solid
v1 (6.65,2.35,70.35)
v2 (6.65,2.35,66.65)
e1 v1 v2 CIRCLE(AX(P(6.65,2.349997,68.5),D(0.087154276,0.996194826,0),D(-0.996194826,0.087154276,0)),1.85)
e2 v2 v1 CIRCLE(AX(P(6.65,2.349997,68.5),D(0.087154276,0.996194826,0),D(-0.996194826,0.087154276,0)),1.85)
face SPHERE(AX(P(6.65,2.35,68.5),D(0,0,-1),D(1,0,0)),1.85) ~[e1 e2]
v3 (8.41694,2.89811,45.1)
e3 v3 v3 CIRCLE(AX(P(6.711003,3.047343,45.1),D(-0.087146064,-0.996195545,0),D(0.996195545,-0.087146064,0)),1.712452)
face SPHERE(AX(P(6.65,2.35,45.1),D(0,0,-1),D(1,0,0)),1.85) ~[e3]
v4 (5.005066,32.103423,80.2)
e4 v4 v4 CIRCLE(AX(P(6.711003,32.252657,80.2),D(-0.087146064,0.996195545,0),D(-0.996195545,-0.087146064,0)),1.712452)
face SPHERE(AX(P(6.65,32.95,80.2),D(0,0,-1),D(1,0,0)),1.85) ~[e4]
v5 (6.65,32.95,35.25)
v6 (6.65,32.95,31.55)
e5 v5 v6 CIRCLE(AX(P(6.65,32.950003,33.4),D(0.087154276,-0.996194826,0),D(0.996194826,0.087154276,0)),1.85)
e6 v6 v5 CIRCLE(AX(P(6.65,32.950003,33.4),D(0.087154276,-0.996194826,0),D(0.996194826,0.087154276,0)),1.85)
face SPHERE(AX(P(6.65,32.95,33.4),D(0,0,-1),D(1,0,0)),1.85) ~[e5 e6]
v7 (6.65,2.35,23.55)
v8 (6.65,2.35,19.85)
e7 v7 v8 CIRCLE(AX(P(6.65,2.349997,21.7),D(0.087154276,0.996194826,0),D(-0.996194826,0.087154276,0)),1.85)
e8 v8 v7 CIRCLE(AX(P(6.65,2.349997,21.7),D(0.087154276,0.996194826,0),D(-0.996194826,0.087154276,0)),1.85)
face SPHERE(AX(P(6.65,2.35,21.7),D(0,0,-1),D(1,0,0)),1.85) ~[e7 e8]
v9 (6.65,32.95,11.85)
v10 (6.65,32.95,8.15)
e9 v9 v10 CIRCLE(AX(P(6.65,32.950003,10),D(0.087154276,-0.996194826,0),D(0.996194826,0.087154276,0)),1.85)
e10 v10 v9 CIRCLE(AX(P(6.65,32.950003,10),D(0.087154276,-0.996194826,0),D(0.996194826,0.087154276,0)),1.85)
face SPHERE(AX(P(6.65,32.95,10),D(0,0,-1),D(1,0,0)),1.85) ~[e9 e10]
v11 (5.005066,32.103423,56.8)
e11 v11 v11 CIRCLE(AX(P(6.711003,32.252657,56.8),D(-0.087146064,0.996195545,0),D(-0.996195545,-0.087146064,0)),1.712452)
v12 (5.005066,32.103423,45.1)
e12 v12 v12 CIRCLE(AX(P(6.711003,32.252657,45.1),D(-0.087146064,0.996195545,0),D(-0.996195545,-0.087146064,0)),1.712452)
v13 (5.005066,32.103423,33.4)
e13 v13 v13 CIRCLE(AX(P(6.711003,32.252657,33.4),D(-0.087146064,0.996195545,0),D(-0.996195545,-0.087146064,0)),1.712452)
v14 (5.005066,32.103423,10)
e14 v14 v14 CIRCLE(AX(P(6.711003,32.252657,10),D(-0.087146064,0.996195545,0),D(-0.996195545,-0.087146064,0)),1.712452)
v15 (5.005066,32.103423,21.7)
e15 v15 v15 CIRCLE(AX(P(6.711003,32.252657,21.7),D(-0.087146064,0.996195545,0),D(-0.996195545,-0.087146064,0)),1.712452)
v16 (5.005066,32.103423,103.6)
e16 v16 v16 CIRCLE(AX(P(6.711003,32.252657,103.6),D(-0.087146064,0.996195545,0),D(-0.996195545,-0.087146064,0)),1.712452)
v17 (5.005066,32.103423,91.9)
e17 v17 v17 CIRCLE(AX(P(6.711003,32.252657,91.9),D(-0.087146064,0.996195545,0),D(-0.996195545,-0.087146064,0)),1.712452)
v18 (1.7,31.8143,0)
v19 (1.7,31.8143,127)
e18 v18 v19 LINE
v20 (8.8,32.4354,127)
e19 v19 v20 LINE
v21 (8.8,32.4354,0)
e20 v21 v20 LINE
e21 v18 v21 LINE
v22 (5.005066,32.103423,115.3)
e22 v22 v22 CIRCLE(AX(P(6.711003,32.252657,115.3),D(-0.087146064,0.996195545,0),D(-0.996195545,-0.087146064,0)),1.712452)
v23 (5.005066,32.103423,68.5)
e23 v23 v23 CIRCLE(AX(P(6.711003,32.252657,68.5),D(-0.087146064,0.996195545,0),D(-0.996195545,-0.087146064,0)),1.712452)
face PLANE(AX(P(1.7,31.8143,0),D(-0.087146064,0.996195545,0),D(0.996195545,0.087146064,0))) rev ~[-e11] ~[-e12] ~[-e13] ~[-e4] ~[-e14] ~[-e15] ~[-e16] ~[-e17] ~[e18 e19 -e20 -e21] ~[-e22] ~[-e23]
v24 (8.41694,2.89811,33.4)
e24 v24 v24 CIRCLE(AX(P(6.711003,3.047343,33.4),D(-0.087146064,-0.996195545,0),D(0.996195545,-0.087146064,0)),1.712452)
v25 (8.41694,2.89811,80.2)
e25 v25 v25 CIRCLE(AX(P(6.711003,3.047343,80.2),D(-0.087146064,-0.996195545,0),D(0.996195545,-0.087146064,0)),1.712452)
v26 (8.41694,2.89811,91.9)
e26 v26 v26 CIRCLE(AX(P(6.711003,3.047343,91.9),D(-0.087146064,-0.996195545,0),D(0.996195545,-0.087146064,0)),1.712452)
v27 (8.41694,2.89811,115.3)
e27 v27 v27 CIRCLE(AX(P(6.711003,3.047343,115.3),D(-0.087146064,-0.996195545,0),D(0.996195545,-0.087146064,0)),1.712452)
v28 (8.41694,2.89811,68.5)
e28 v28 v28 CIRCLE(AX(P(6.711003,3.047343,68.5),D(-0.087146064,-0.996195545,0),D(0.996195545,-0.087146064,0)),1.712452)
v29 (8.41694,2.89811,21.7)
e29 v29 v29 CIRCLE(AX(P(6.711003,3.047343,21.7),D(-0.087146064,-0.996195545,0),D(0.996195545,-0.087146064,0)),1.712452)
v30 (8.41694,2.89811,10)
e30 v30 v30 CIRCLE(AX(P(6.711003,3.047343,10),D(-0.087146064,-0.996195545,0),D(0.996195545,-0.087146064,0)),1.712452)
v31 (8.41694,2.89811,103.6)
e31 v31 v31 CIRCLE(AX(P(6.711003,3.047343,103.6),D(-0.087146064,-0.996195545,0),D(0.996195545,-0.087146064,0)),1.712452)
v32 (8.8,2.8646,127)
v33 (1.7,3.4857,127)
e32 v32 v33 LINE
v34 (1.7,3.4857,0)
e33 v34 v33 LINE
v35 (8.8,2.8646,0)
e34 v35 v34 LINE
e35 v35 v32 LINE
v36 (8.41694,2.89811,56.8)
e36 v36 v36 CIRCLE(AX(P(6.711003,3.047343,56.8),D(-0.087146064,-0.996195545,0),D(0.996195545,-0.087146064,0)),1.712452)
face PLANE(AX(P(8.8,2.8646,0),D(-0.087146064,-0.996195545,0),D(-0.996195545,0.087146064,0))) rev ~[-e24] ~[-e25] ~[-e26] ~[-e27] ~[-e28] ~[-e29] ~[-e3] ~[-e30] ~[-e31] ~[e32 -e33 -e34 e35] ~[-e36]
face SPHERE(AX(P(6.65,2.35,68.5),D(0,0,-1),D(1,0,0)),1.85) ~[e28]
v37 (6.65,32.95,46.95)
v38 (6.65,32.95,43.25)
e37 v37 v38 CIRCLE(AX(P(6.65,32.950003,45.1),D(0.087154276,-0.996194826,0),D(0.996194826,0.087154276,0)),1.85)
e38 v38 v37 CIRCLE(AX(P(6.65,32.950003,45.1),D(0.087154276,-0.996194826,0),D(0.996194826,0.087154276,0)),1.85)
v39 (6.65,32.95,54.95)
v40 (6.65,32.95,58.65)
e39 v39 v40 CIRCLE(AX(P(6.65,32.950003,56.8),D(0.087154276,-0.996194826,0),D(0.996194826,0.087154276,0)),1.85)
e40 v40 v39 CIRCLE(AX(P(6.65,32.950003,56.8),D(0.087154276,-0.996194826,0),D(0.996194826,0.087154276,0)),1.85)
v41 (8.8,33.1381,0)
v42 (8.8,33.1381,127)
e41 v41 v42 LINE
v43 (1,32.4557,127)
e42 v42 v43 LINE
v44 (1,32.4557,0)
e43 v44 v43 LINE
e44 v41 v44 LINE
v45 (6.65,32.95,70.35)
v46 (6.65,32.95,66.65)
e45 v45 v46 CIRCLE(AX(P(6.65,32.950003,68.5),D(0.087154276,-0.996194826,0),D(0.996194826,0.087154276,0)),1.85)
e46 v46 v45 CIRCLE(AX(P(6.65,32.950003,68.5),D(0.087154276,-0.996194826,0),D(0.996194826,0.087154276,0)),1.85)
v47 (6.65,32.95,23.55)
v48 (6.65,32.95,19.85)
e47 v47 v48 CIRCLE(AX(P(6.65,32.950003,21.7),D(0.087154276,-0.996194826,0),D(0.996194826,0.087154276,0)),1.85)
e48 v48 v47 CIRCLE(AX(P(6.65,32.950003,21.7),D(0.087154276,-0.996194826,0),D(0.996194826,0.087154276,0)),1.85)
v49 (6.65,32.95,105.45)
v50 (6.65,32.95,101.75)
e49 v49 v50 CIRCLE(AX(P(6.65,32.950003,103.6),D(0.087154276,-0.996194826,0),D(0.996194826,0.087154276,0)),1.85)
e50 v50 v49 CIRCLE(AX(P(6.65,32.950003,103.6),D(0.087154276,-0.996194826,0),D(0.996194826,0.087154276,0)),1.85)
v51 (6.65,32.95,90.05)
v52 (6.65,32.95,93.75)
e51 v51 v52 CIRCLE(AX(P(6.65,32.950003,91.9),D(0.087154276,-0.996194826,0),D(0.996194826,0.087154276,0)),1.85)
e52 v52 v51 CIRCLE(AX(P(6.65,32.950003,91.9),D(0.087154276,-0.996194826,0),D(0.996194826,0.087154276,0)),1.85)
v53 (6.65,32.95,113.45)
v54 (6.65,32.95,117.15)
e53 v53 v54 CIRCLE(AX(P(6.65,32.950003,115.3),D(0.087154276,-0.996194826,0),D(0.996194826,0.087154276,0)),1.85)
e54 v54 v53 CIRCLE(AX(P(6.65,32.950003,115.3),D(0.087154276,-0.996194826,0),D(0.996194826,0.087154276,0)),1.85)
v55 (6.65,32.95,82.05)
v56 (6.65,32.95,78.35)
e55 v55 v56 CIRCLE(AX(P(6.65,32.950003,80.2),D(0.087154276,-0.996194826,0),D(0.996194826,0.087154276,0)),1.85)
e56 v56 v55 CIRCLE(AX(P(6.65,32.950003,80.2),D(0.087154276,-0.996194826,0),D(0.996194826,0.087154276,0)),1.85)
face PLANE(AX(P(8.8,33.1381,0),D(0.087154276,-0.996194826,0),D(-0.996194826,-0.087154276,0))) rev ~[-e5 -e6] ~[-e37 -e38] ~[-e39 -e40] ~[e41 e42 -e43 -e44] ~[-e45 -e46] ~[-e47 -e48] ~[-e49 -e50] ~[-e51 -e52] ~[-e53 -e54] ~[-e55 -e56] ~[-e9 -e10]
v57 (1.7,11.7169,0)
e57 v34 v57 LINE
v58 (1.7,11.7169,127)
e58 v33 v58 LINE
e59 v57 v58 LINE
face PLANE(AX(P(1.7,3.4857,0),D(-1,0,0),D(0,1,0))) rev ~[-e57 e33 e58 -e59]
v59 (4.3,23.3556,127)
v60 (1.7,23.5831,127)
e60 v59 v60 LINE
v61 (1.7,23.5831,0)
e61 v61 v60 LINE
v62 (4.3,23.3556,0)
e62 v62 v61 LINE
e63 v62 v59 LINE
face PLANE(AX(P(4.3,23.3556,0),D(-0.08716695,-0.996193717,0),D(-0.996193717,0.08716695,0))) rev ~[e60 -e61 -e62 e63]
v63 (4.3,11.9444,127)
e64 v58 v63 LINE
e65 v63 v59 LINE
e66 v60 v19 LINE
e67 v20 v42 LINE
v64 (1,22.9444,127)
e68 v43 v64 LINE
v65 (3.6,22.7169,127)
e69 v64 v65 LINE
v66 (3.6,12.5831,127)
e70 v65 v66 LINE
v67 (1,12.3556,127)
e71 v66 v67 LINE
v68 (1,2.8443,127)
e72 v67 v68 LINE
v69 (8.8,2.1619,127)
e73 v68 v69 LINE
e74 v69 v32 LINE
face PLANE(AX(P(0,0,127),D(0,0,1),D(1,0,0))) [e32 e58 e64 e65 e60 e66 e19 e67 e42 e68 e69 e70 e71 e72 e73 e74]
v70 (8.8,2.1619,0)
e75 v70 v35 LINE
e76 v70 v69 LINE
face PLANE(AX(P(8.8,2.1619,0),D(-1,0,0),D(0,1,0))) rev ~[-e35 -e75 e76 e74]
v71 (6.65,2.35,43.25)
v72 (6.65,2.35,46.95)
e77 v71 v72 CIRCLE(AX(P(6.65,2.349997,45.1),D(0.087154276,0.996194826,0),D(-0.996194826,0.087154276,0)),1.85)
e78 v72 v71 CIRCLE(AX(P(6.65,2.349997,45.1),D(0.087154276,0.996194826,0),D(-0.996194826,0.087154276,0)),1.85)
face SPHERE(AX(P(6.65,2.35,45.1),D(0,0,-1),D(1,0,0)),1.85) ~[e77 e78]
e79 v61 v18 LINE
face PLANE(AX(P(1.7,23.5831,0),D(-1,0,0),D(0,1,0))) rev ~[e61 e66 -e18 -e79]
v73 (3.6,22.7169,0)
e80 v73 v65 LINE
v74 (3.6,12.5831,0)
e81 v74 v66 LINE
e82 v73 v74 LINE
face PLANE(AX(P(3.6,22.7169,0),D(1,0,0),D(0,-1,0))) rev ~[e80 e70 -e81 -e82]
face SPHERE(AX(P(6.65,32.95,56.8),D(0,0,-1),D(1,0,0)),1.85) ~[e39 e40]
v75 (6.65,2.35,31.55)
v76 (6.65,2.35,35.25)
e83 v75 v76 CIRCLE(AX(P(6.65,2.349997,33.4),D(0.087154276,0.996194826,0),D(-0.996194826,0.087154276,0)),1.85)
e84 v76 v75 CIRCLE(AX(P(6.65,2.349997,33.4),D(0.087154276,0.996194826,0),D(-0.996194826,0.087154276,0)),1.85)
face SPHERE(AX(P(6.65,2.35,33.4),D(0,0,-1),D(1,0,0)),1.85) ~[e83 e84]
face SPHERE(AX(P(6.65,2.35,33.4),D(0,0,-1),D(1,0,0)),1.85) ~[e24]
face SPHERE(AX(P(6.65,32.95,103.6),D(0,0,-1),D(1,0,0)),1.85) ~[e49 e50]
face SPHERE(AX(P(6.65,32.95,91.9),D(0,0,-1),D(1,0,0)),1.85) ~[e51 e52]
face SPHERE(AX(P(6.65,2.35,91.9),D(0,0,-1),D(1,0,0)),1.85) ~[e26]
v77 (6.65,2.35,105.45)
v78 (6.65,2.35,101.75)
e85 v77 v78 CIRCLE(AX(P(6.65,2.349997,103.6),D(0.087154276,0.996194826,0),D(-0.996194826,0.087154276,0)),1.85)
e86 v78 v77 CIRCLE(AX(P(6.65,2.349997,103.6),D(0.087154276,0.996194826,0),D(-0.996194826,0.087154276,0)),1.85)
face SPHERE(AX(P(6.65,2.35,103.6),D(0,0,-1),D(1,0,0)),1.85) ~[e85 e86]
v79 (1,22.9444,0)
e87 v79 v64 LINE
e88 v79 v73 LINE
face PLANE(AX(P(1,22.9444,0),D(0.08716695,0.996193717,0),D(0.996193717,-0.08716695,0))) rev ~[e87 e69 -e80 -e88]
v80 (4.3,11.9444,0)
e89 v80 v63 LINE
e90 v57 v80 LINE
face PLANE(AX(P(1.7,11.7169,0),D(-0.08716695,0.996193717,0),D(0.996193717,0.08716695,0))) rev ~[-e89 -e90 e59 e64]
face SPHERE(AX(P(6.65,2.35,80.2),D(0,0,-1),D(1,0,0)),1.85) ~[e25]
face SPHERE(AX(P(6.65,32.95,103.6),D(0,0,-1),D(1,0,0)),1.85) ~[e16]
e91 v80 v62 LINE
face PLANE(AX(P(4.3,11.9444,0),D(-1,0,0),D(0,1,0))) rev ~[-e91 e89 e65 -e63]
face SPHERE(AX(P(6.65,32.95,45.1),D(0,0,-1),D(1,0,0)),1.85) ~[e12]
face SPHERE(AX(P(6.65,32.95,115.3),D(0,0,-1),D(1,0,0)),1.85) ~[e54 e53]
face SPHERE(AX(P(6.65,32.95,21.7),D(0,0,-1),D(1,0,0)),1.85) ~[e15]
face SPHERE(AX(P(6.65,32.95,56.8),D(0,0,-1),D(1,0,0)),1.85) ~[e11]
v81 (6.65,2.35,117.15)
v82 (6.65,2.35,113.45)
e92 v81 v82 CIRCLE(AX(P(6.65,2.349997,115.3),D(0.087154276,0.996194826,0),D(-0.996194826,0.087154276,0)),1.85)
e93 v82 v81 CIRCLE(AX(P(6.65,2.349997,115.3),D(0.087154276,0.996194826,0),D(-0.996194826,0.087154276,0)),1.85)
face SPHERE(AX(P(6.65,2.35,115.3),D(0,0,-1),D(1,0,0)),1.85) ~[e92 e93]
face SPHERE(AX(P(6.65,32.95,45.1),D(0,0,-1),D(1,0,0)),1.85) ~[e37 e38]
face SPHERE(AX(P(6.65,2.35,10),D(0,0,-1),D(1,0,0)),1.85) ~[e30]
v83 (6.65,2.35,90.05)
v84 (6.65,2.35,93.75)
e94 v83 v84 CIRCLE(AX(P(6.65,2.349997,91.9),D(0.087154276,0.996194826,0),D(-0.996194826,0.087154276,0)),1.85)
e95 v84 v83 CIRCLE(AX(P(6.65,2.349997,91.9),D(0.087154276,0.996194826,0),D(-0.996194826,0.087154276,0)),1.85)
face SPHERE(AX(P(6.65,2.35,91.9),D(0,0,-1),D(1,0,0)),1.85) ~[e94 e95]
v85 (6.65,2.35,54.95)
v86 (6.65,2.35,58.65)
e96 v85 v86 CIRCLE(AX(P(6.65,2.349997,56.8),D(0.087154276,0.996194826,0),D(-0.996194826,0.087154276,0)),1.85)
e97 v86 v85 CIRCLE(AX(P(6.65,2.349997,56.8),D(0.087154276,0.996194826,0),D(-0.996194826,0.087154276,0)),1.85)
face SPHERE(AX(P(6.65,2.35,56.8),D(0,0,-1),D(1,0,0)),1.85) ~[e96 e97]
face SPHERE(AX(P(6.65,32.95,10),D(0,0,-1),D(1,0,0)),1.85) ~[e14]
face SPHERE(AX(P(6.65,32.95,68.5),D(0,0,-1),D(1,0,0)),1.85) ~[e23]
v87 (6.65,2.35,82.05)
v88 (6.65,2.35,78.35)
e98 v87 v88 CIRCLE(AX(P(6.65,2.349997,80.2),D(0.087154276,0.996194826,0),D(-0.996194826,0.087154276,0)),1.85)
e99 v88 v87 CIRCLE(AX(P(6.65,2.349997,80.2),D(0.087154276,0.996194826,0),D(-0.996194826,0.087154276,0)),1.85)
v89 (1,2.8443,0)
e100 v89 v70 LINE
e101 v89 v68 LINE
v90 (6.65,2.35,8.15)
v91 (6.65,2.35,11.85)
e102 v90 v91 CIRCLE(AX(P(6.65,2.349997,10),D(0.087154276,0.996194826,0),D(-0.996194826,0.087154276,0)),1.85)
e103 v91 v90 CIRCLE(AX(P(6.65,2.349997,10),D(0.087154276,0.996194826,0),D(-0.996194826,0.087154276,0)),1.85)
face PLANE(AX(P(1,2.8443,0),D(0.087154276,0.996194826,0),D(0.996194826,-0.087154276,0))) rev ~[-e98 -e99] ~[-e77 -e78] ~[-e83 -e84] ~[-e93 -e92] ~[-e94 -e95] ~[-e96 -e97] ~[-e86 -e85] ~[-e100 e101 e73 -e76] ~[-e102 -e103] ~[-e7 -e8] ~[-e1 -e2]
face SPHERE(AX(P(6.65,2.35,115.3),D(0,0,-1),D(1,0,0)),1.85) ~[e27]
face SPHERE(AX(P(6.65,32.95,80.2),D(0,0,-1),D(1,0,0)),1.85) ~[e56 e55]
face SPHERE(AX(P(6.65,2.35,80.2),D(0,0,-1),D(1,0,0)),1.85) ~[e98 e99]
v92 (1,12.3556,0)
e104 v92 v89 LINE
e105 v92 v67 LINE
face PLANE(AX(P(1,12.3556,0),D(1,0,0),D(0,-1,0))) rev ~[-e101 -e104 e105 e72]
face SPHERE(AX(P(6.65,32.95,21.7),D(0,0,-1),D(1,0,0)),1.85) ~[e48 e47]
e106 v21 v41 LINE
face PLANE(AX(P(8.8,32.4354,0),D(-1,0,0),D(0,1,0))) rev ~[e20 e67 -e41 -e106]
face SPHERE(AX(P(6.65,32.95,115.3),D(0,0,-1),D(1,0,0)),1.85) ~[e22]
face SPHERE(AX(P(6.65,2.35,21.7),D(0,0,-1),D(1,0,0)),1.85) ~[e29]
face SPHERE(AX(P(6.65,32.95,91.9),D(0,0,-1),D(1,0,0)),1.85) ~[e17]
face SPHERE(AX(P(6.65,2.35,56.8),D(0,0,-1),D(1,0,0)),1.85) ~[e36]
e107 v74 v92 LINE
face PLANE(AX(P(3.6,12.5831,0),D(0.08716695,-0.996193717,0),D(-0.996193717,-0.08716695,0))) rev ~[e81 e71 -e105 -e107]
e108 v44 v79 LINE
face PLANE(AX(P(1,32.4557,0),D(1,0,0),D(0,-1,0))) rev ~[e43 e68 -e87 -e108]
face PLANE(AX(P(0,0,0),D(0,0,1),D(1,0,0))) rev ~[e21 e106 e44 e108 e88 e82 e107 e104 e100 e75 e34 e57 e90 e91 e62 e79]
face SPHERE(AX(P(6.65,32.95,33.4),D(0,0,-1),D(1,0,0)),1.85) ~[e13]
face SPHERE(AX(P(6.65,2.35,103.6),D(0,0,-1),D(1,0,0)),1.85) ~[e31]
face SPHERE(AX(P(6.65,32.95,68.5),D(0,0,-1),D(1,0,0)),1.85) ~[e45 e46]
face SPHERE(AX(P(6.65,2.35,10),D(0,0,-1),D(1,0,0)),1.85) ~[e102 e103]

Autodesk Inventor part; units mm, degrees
sketch "Sketch_1" plane through (0, 0, 0) normal (0, 0, 1) x (1, 0, 0)
  line L0 (1, 2.8443) -> (8.8, 2.1619)
  line L1 (8.8, 2.1619) -> (8.8, 2.8646)
  line L2 (8.8, 2.8646) -> (1.7, 3.4857)
  line L3 (1.7, 3.4857) -> (1.7, 11.7169)
  line L4 (1.7, 11.7169) -> (4.3, 11.9444)
  line L5 (4.3, 11.9444) -> (4.3, 23.3556)
  line L6 (4.3, 23.3556) -> (1.7, 23.5831)
  line L7 (1.7, 23.5831) -> (1.7, 31.8143)
  line L8 (1.7, 31.8143) -> (8.8, 32.4354)
  line L9 (8.8, 32.4354) -> (8.8, 33.1381)
  line L10 (8.8, 33.1381) -> (1, 32.4557)
  line L11 (1, 32.4557) -> (1, 22.9444)
  line L12 (1, 22.9444) -> (3.6, 22.7169)
  line L13 (3.6, 22.7169) -> (3.6, 12.5831)
  line L14 (3.6, 12.5831) -> (1, 12.3556)
  line L15 (1, 12.3556) -> (1, 2.8443)
extrude "Extrusion1" add sketch "Sketch_1" along normal blind 127
sketch "Sketch_2" plane through (0, 2.35, 0) normal (0, 1, 0) x (1, 0, 0)
  line L0 (6.65, -11.85) -> (6.65, -8.15)
  arc A0 (6.65, -11.85) -> (6.65, -8.15) centre (6.65, -10) ccw
  line L1 (6.65, -11.85) -> (6.65, -8.15)
revolve "Revolution1" add sketch "Sketch_2" angle 360 about axis through (6.65, 2.35, 11.85) along (0, 0, 1)
pattern_linear "Rectangular Pattern1" count 10 spacing 11.7 along (0, 0, 1) of "Revolution1"
sketch "Sketch_4" plane through (0, 32.95, 0) normal (0, 1, 0) x (1, 0, 0)
  line L0 (6.65, -11.85) -> (6.65, -8.15)
  arc A0 (6.65, -11.85) -> (6.65, -8.15) centre (6.65, -10) ccw
  line L1 (6.65, -11.85) -> (6.65, -8.15)
revolve "Revolution2" add sketch "Sketch_4" angle 360 about axis through (6.65, 32.95, 11.85) along (0, 0, 1)
pattern_linear "Rectangular Pattern2" count 10 spacing 11.7 along (0, 0, 1) of "Revolution2"
ref_plane "to_rail_XY" through (9.5, 17.65, 63.5) normal (0, 0, 1) x (1, 0, 0)
ref_plane "to_rail_YZ" through (9.5, 17.65, 63.5) normal (1, 0, 0) x (0, 1, 0)
ref_plane "to_rail_ZX" through (9.5, 17.65, 63.5) normal (0, 1, 0) x (0, 0, 1)
properties part number "slider_SSRN3618" material "鉄 灰色"
